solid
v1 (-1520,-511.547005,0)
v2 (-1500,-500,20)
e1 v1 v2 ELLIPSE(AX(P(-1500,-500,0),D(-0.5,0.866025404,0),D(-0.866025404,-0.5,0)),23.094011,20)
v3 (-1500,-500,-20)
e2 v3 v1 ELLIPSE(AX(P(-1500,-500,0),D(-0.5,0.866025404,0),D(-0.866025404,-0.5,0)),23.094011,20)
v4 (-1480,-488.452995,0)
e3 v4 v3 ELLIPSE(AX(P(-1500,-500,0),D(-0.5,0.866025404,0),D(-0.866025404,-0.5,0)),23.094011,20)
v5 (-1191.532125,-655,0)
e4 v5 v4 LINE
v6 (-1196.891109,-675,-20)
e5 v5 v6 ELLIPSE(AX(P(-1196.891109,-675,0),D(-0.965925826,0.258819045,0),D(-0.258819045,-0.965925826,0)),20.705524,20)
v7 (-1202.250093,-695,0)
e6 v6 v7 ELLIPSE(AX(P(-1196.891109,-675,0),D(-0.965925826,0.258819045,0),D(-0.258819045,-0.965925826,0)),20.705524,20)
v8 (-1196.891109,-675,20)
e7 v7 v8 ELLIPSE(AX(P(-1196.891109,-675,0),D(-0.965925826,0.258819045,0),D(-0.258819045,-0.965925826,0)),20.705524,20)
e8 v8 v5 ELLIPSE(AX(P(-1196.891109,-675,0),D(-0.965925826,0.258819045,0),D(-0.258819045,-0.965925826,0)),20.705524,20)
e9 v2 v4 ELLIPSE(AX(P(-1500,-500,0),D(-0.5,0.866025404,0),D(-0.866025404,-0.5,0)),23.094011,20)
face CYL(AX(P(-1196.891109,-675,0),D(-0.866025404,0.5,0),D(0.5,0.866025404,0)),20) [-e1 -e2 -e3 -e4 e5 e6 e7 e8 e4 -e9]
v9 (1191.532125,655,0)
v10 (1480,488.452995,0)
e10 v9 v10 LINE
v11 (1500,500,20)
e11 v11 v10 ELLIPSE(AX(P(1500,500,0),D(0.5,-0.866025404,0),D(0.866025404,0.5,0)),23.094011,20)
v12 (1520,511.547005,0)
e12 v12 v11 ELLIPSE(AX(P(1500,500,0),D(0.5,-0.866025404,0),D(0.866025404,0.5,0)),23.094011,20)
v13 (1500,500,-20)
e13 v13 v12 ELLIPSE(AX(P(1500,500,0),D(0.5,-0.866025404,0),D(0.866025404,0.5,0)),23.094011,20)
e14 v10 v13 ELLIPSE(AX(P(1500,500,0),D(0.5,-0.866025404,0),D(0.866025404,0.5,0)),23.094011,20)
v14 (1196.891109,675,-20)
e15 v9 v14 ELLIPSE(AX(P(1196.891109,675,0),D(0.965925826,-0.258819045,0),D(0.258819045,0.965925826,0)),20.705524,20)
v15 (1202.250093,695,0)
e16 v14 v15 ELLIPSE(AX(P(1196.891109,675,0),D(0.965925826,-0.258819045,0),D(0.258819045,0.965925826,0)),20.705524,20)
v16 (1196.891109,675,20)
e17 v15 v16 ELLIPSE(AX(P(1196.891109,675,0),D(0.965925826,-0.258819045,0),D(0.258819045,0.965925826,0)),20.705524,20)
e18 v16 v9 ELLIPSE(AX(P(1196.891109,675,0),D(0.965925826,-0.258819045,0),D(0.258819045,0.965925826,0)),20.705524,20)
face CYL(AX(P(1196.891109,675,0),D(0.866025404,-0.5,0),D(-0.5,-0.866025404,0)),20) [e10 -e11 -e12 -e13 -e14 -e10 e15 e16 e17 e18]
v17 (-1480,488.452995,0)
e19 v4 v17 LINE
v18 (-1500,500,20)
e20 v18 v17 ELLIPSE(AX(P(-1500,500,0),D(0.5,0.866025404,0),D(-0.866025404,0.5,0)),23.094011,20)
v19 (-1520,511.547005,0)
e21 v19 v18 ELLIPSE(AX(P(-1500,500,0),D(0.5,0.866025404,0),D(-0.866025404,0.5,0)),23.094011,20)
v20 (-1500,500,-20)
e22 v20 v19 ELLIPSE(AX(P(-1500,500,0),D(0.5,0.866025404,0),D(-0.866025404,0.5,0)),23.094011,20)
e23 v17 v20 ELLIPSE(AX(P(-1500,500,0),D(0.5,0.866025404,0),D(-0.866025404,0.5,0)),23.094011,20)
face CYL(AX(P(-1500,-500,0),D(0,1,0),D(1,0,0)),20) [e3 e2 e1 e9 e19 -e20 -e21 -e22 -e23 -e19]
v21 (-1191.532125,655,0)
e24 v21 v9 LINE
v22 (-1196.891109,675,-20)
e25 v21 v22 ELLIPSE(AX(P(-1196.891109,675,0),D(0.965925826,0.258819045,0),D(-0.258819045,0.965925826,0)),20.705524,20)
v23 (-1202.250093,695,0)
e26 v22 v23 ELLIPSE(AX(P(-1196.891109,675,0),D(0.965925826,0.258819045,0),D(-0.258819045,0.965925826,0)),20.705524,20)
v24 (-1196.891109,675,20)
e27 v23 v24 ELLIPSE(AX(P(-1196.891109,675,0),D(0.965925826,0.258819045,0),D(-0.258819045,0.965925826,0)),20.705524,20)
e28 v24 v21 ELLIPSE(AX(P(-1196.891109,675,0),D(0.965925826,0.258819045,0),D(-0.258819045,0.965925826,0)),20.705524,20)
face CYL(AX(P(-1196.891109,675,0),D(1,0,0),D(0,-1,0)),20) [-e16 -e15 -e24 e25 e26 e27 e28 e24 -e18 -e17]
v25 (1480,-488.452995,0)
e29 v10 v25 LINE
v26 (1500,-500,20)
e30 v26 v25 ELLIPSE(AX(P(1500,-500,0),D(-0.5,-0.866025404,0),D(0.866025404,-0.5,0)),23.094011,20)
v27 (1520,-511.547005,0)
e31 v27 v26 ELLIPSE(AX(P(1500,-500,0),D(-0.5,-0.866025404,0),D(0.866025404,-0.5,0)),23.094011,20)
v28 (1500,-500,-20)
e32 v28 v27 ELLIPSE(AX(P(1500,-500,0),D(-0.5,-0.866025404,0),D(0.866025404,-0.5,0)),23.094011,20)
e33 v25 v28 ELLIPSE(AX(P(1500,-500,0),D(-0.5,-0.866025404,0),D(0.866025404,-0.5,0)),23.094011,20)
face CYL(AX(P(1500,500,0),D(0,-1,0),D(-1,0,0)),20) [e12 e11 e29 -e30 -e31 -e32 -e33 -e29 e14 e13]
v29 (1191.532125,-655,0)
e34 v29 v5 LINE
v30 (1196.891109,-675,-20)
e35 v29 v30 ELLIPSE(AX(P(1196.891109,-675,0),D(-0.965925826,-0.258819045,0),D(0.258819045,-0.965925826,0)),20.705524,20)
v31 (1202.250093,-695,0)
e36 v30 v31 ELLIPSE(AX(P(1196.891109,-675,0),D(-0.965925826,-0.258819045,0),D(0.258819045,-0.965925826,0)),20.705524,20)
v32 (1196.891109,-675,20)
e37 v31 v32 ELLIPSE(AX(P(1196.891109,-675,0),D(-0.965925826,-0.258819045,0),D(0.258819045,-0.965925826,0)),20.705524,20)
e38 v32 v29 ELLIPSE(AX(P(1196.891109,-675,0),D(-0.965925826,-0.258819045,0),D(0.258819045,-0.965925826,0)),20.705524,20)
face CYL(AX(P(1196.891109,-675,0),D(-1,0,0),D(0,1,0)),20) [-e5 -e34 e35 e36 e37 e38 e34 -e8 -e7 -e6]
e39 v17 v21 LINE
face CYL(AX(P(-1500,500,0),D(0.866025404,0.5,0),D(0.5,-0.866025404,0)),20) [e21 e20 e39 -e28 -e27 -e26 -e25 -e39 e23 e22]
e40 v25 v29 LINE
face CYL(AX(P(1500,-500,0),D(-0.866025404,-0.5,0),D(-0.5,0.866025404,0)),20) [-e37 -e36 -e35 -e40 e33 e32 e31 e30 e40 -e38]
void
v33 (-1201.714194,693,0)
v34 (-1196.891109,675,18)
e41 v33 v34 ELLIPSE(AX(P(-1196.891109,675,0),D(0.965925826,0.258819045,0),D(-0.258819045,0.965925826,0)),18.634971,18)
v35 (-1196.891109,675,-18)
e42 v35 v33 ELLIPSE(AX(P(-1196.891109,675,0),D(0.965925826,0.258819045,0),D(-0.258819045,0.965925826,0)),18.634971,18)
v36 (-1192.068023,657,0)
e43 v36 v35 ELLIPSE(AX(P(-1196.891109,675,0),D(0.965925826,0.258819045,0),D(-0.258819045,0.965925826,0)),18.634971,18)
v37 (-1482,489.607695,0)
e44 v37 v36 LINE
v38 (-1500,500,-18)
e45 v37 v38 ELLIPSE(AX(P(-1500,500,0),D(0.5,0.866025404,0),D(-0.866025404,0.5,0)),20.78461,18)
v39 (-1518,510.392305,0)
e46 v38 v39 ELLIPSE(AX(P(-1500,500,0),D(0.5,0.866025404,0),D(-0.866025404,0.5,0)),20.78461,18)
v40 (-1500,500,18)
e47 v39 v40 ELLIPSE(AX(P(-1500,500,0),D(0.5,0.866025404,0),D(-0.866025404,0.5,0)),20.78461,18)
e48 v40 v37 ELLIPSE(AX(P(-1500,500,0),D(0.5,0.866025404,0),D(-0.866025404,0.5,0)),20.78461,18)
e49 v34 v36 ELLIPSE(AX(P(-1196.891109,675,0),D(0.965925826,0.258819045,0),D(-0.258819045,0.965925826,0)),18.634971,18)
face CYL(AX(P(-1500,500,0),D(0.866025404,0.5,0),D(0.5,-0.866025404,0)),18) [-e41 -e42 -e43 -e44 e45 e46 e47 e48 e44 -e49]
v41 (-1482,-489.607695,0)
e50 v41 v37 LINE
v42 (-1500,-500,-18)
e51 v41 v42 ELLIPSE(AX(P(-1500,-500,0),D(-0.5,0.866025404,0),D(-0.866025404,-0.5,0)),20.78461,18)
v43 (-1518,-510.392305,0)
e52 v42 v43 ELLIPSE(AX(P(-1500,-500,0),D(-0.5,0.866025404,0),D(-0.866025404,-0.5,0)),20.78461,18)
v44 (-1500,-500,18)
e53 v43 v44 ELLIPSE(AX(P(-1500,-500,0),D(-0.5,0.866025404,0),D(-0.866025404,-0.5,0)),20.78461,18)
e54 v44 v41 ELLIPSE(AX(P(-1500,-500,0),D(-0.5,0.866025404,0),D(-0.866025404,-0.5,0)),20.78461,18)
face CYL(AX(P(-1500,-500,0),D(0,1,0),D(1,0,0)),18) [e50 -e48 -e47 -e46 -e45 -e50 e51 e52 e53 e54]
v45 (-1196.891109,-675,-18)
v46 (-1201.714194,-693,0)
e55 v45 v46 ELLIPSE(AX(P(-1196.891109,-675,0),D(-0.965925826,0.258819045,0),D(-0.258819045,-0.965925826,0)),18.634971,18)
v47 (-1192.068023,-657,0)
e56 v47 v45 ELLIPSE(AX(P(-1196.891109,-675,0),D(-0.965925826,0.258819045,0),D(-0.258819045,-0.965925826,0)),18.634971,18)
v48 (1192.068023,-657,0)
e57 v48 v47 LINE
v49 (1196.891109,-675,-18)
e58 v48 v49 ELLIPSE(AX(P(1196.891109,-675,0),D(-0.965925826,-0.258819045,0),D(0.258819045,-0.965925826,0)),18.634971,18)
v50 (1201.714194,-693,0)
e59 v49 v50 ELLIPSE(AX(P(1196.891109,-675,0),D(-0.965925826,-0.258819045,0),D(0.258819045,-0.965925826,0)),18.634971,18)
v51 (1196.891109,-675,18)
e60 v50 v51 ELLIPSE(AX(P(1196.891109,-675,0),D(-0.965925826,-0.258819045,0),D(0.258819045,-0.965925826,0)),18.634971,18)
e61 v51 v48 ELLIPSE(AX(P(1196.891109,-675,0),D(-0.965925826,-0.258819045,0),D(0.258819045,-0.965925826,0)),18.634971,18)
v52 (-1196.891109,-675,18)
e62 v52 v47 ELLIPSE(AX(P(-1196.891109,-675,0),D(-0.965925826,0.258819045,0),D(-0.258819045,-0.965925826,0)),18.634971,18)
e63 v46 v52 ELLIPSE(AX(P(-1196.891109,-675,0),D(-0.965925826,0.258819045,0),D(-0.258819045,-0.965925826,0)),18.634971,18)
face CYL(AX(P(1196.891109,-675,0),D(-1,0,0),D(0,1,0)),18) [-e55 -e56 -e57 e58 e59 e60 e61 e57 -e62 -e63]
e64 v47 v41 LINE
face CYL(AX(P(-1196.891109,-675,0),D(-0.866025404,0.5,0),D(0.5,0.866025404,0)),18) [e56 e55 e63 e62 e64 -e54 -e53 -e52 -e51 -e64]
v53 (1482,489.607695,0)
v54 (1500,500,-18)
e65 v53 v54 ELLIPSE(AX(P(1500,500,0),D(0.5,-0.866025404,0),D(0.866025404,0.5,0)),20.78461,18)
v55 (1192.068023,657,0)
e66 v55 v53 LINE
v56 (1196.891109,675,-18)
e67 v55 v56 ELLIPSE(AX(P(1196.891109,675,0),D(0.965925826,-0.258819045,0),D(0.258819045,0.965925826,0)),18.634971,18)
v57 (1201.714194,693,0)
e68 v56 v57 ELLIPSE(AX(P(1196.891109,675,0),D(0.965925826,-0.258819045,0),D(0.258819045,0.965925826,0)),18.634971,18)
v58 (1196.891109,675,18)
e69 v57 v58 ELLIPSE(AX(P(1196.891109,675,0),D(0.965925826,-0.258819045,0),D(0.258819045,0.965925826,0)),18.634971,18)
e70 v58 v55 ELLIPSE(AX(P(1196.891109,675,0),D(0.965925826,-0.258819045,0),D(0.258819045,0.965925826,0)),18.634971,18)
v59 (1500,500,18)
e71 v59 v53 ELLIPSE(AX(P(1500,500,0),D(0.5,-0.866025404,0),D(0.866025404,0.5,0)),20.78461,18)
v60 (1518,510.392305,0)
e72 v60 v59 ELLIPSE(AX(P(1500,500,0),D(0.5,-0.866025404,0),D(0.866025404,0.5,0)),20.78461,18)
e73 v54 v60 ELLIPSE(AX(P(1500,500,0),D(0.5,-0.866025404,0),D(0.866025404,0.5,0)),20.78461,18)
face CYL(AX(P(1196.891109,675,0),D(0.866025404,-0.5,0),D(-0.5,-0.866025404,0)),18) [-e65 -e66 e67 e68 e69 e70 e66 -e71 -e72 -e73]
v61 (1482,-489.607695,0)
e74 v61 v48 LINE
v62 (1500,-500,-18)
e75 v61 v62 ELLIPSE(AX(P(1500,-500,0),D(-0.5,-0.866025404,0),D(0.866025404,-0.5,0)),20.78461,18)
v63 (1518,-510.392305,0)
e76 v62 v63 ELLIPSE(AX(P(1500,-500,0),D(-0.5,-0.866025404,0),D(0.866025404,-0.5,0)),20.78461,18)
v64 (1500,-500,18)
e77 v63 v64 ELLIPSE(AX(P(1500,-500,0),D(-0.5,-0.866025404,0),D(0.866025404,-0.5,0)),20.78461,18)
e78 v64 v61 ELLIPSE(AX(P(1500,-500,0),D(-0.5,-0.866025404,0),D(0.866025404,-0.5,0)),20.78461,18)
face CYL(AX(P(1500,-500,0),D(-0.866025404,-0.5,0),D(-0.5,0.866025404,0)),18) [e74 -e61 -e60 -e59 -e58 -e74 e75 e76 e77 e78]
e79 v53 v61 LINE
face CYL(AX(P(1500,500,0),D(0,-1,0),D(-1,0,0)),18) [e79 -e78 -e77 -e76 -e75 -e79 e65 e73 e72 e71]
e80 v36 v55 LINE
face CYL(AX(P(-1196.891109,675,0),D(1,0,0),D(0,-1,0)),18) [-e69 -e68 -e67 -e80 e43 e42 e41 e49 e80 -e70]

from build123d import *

# Parameters (mm, degrees)
F1_R   = 20
F1_R_2 = 18


with BuildPart() as f2:
    # F2: sweep along a path in F0
    with BuildLine(Plane.XY) as f2_path:
        Line((-1500, 0), (-1500, 500))
        Line((-1500, 500), (-1196.8911086754, 675))
        Line((-1196.8911086754, 675), (1196.8911086754, 675))
        Line((1196.8911086754, 675), (1500, 500))
        Line((1500, 500), (1500, 0))
        Line((1500, 0), (1500, -500))
        Line((1500, -500), (1196.8911086754, -675))
        Line((1196.8911086754, -675), (-1196.8911086754, -675))
        Line((-1196.8911086754, -675), (-1500, -500))
        Line((-1500, -500), (-1500, 0))
    # F1 (on Front) → F2 (sweep)
    with BuildSketch(Plane.XZ):
        with Locations((-1500, 0)):
            Circle(F1_R)
        with Locations((-1500, 0)):
            Circle(F1_R_2, mode=Mode.SUBTRACT)
    sweep(path=f2_path.line, transition=Transition.RIGHT)


solid = f2.part
